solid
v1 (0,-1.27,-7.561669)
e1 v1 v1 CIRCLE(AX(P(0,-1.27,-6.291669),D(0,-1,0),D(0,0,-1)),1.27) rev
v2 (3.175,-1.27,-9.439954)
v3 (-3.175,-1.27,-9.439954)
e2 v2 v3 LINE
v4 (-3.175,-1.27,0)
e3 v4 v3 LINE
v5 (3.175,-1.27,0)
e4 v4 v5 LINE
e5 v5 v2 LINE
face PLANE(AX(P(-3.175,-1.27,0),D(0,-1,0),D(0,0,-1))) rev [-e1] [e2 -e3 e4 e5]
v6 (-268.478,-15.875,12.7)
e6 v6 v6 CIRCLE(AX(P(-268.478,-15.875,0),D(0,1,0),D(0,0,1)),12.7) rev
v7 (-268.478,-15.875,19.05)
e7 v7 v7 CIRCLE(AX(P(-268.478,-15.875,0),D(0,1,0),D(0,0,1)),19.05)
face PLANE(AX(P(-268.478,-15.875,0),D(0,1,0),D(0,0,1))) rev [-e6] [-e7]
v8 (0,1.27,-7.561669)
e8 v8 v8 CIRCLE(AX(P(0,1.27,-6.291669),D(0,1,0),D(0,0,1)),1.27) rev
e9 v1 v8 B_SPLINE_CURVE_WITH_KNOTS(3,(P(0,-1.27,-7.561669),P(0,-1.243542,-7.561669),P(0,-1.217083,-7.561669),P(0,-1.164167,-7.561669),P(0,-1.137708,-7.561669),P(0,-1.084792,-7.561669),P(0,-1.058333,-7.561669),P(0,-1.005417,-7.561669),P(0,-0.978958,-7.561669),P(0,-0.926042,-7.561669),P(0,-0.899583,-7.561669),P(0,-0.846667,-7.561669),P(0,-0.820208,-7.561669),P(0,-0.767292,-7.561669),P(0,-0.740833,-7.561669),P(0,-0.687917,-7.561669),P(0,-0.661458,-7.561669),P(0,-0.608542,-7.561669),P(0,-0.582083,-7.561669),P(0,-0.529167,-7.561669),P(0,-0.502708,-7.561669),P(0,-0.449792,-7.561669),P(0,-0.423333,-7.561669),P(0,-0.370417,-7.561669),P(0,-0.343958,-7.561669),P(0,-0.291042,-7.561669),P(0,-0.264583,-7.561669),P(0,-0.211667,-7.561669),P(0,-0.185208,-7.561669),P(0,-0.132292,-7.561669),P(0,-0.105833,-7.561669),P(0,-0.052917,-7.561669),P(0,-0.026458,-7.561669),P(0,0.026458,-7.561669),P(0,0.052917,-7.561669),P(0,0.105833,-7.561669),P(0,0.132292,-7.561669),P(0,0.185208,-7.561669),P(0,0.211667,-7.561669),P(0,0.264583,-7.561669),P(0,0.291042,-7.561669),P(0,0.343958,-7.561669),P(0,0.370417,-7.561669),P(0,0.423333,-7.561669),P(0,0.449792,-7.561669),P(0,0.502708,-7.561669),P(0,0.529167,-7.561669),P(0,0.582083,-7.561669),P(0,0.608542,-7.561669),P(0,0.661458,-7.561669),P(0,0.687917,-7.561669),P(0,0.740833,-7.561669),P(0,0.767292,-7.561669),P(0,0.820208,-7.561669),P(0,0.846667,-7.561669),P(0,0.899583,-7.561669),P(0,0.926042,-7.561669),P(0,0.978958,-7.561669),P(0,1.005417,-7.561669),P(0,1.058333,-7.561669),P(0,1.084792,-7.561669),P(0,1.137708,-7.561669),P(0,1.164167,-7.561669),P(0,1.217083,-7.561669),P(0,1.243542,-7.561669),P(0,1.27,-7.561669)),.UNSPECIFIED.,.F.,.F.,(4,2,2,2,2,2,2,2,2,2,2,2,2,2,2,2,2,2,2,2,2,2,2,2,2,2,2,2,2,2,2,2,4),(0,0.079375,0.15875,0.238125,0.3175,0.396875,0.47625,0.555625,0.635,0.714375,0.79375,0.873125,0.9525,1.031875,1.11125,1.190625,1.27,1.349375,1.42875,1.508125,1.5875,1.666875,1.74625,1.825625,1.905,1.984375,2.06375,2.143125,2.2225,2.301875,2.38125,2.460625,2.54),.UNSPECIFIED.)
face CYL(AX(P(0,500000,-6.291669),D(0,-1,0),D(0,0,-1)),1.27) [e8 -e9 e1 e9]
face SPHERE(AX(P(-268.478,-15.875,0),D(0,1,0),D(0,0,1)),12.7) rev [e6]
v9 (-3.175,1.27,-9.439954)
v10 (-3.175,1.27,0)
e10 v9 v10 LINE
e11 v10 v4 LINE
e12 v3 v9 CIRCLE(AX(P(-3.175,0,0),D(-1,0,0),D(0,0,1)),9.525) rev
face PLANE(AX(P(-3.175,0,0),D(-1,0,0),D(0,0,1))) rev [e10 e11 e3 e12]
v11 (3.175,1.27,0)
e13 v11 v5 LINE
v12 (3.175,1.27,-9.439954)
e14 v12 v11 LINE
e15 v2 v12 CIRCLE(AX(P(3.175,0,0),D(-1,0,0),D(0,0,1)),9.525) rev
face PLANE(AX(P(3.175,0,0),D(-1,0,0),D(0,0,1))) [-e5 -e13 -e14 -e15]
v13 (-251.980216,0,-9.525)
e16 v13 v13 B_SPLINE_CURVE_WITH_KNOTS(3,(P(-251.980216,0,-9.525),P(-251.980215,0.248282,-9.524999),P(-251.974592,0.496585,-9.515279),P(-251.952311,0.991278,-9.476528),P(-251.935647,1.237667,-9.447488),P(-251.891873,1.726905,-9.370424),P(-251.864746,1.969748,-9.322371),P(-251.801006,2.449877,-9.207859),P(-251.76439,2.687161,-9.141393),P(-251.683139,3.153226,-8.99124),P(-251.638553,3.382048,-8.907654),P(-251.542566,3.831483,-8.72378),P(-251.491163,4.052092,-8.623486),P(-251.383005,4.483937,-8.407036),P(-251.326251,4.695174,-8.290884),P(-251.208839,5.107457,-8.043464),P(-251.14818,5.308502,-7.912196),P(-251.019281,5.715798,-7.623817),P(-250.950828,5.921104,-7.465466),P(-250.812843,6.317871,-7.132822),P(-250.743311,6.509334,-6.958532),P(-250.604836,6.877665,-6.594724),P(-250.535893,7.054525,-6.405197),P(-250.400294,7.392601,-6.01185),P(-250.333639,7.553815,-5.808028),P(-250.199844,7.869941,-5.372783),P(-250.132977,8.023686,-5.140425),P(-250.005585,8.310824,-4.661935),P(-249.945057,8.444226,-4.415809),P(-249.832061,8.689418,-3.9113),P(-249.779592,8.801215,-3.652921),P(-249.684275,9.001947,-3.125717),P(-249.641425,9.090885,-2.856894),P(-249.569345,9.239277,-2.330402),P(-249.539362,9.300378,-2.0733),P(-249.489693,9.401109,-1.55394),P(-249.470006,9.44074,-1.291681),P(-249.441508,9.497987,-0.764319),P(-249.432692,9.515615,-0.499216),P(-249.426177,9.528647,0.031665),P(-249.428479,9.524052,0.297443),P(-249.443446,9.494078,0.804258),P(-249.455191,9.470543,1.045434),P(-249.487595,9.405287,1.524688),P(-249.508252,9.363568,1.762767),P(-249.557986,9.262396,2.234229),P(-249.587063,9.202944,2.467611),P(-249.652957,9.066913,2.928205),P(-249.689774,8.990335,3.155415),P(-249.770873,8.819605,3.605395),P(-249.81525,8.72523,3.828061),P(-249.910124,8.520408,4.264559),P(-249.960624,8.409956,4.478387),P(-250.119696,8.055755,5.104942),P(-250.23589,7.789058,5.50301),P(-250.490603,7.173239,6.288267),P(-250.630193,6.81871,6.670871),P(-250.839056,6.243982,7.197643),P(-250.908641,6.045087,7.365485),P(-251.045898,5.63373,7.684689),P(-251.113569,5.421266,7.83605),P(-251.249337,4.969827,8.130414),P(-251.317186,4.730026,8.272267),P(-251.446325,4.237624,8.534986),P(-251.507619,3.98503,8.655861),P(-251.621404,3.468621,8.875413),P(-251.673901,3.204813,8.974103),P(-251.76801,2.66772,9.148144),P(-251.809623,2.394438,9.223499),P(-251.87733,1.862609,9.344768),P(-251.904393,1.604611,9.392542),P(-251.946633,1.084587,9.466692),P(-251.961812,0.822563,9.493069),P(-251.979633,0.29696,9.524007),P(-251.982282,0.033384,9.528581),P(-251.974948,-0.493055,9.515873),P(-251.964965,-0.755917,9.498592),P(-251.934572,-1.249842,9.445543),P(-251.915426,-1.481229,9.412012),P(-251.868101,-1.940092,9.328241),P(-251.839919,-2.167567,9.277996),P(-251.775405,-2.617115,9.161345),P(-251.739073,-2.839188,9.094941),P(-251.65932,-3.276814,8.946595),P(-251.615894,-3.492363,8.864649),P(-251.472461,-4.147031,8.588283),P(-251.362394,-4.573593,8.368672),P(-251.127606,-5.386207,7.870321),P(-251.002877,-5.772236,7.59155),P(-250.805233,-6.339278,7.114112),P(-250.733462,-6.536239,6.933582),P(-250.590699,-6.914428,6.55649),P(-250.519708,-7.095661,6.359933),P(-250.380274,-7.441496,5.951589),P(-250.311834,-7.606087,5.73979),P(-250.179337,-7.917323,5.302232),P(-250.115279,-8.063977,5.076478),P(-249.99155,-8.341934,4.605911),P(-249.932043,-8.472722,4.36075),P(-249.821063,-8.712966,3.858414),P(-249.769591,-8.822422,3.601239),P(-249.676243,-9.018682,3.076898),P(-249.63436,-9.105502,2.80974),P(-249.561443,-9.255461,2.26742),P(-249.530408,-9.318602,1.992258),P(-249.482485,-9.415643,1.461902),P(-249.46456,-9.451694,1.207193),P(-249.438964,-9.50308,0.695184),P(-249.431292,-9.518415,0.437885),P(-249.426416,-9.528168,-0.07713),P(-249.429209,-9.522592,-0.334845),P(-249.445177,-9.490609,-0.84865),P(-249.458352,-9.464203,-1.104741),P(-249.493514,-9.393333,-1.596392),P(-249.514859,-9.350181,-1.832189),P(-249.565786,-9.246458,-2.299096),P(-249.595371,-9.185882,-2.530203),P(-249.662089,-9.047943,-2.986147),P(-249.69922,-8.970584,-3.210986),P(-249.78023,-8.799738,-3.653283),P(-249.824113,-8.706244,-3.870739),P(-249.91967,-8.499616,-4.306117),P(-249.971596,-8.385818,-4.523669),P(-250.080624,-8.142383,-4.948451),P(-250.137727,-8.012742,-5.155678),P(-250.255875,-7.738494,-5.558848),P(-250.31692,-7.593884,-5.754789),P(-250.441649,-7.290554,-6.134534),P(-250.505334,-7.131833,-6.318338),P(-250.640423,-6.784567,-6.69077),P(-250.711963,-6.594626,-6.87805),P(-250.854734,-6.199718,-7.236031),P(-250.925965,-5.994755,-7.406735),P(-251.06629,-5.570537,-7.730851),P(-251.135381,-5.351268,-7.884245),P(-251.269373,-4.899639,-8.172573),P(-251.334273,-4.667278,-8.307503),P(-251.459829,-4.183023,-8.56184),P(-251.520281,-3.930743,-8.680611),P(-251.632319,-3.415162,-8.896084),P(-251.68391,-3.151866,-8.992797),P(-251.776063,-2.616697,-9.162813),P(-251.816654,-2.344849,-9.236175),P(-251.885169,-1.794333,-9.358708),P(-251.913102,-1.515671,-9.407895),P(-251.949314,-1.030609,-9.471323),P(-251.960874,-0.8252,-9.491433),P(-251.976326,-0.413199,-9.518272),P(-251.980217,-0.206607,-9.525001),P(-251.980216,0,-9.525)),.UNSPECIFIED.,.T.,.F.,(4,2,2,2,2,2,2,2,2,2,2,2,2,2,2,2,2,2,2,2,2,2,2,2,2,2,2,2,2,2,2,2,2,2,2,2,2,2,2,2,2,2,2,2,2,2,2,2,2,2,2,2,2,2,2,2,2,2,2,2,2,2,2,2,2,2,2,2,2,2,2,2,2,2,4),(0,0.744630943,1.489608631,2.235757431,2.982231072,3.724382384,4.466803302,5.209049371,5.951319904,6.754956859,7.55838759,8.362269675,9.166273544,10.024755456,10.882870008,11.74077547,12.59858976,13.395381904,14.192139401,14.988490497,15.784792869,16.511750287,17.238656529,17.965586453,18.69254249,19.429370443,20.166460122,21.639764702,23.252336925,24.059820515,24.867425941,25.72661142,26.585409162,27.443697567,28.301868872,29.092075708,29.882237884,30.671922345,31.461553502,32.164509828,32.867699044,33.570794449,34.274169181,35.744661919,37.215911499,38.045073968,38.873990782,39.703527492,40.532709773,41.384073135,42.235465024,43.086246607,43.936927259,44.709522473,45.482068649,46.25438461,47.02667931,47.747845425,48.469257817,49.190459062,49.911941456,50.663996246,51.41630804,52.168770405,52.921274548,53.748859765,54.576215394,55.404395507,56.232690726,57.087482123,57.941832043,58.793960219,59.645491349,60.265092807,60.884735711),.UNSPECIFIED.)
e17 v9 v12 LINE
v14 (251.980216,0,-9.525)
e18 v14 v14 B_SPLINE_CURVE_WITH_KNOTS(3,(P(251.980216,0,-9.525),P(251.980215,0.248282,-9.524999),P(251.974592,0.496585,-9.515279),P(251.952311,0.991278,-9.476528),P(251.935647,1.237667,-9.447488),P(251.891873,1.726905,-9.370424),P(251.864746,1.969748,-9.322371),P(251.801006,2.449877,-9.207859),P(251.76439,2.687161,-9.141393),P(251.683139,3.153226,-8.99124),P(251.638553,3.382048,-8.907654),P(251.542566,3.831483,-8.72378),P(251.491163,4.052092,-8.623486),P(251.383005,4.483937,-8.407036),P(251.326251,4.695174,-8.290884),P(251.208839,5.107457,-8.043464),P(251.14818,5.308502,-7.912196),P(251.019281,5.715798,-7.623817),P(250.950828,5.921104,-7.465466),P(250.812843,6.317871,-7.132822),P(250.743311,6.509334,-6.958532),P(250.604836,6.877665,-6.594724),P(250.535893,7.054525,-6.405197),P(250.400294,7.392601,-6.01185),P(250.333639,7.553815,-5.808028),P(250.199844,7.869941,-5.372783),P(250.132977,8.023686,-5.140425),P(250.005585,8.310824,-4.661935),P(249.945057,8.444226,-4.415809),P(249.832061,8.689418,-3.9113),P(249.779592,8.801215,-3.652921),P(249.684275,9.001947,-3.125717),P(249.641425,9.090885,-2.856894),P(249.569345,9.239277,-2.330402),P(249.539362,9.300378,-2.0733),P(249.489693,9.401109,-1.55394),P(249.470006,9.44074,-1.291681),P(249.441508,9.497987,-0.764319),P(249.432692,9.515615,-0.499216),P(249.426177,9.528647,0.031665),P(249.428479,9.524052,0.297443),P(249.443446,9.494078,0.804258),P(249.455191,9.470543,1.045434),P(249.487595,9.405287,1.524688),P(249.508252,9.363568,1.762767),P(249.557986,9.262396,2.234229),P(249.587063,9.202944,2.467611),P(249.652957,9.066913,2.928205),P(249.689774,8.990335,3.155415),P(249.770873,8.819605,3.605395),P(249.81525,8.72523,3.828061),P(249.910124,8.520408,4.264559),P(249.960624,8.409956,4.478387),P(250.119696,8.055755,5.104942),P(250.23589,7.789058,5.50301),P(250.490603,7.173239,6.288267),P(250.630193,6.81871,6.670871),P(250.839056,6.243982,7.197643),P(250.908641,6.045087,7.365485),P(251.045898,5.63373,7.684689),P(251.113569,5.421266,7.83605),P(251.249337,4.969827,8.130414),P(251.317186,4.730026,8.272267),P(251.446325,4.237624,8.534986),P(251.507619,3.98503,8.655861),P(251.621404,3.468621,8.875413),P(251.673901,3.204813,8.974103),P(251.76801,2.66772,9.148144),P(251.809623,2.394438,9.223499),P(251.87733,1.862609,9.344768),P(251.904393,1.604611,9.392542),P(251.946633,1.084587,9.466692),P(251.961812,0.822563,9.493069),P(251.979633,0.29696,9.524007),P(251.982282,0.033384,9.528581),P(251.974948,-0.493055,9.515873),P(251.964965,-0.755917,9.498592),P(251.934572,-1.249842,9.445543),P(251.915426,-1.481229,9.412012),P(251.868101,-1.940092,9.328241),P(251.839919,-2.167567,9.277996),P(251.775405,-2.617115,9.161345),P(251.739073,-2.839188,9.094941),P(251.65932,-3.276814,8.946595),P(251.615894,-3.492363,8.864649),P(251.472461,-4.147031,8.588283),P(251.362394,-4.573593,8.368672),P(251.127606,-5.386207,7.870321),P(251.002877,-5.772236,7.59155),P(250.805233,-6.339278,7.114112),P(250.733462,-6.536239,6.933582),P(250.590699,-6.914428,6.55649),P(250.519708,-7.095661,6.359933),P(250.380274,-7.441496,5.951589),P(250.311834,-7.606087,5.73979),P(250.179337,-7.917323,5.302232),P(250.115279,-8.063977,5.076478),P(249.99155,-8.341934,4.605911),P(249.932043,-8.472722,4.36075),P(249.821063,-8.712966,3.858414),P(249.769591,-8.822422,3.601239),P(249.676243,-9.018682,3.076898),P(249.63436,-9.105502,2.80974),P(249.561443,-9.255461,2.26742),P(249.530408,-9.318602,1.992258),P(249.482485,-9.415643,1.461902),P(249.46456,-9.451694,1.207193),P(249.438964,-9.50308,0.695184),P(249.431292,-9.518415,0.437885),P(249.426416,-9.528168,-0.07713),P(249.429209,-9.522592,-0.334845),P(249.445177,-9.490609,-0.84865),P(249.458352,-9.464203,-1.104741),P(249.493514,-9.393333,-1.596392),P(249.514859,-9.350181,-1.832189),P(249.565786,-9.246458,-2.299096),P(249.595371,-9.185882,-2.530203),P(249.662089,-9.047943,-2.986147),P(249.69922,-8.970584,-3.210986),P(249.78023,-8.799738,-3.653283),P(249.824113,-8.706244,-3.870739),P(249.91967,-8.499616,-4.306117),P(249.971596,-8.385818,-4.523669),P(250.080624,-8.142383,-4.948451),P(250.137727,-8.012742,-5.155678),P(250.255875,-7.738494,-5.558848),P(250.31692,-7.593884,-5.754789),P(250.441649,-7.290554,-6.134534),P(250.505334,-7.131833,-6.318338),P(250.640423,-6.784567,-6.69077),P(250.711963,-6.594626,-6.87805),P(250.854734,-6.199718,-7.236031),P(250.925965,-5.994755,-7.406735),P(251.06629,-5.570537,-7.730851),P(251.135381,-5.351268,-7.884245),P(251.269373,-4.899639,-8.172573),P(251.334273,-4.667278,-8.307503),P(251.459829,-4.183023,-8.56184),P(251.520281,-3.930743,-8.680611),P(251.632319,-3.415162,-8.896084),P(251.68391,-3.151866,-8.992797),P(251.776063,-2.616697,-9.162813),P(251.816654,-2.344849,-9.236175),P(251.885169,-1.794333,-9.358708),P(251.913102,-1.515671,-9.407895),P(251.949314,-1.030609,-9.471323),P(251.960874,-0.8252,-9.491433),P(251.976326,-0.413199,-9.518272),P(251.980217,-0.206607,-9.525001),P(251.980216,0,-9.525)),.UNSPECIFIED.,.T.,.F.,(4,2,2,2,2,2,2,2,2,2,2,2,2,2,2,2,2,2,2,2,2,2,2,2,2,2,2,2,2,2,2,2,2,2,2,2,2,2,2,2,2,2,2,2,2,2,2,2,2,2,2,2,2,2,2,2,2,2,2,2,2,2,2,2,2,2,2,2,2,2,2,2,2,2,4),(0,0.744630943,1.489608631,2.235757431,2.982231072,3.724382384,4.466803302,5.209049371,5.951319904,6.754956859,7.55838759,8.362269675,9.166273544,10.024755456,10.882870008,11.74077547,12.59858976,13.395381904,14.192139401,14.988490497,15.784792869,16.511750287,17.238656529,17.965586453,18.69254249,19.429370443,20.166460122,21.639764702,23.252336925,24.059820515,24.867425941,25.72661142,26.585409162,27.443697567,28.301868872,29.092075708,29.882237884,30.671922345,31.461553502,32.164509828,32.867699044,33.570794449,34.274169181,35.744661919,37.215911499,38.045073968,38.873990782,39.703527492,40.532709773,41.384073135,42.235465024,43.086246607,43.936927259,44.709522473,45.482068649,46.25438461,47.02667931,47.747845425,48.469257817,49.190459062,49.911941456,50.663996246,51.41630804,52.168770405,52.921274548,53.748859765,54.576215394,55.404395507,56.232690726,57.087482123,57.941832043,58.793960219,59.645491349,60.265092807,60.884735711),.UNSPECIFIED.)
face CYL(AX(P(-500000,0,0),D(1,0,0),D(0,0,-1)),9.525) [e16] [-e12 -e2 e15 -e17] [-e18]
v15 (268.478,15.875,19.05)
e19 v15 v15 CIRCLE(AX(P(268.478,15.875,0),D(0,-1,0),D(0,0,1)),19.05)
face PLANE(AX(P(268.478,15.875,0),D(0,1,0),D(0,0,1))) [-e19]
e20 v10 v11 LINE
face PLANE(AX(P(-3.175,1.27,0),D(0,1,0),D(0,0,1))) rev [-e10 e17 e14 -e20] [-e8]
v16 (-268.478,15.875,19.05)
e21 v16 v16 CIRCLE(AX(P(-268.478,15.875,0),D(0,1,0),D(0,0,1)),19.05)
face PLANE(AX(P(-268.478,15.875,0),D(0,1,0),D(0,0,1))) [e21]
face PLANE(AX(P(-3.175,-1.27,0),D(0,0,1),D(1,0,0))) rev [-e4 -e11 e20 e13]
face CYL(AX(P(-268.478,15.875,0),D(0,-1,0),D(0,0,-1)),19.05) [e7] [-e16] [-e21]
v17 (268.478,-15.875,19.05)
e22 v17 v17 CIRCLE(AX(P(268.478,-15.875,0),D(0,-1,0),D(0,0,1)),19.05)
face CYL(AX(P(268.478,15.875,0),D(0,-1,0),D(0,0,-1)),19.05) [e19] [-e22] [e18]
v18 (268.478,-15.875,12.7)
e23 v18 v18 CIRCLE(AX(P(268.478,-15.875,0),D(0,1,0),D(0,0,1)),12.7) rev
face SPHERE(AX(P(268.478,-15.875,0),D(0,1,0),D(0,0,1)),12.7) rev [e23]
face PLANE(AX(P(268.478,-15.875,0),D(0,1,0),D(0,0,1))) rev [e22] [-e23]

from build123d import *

# Parameters (mm, degrees)
SKETCH1_R                = 19.05
BOSS_EXTRUDE1_DEPTH      = 15.875
BOSS_EXTRUDE2_REACH      = 290.595
BOSS_EXTRUDE2_END_RADIUS = 19.05
SKETCH3_R                = 9.525
SKETCH5_W                = 13.407996618
SKETCH5_H                = 2.54
CUT_EXTRUDE2_DEPTH       = 3.175
BOSS_EXTRUDE3_REACH      = 290.668
SKETCH6_R                = 1.27


with BuildPart() as part:
    # Sketch1 → Boss-Extrude1 (new, symmetric)
    with BuildSketch(Plane(origin=(0, 0, 0), x_dir=(1, 0, 0), z_dir=(0, 1, 0))):
        with Locations(Location((-268.478, 0, 0), (0, 0, 270))):
            Circle(SKETCH1_R)
    extrude(amount=BOSS_EXTRUDE1_DEPTH, both=True)

    # Boss-Extrude2: up to this cylinder (the profile starts outside it)
    boss_extrude2_end = Plane(origin=(-268.478, 0, 0), z_dir=(0, -1, 0)) * Cylinder(BOSS_EXTRUDE2_END_RADIUS, 620.29, mode=Mode.PRIVATE)
    # Sketch3 → Boss-Extrude2 (add, up to the surface)
    with BuildSketch(Plane(origin=(0, 0, 0), x_dir=(0, 0, -1), z_dir=(1, 0, 0)), mode=Mode.PRIVATE) as boss_extrude2_sk1:
        Circle(SKETCH3_R)
    boss_extrude2_tool1 = extrude(boss_extrude2_sk1.sketch, amount=-BOSS_EXTRUDE2_REACH, mode=Mode.PRIVATE) - boss_extrude2_end
    add(boss_extrude2_tool1.solids().sort_by_distance((0, 0, 0))[0])

    # Mirror3: part across plane


with BuildPart() as part_1:
    add(part.part)
    add(part.part.mirror(Plane(origin=(0, 0, 0), x_dir=(0, 0, 1), z_dir=(1, 0, 0))))

    # Sketch4 → Cut-Revolve1 (revolve, cut)
    with BuildSketch(Plane.XZ.offset(15.875)):
        with BuildLine():
            Line((-281.178, 0), (-255.778, 0))
            ThreePointArc((-255.778, 0), (-268.478, 12.7), (-281.178, 0))
        make_face()
        with BuildLine():
            Line((255.778, 0), (281.178, 0))
            ThreePointArc((281.178, 0), (268.478, 12.7), (255.778, 0))
        make_face()
    revolve(axis=Axis((-37.36850349, -15.875, 0), (1, 0, 0)), mode=Mode.SUBTRACT)

    # Sketch5 → Cut-Extrude2 (cut, symmetric)
    with BuildSketch(Plane(origin=(0, 0, 0), x_dir=(0, 0, -1), z_dir=(1, 0, 0))):
        with Locations((6.703998309, 0)):
            Rectangle(SKETCH5_W, SKETCH5_H)
    extrude(amount=CUT_EXTRUDE2_DEPTH, both=True, mode=Mode.SUBTRACT)

    # Sketch6 → Boss-Extrude3 (add, up to next)
    with BuildSketch(Plane(origin=(0, -1.27, 0), x_dir=(1, 0, 0), z_dir=(0, 1, 0)), mode=Mode.PRIVATE) as boss_extrude3_sk1:
        with Locations(Location((0, 6.291669235, 0), (0, 0, 90))):
            Circle(SKETCH6_R)
    boss_extrude3_tool1 = extrude(boss_extrude3_sk1.sketch, amount=BOSS_EXTRUDE3_REACH, mode=Mode.PRIVATE) - part_1.part
    add(boss_extrude3_tool1.solids().sort_by_distance((0, -1.27, -6.291669))[0])


solid = part_1.part
